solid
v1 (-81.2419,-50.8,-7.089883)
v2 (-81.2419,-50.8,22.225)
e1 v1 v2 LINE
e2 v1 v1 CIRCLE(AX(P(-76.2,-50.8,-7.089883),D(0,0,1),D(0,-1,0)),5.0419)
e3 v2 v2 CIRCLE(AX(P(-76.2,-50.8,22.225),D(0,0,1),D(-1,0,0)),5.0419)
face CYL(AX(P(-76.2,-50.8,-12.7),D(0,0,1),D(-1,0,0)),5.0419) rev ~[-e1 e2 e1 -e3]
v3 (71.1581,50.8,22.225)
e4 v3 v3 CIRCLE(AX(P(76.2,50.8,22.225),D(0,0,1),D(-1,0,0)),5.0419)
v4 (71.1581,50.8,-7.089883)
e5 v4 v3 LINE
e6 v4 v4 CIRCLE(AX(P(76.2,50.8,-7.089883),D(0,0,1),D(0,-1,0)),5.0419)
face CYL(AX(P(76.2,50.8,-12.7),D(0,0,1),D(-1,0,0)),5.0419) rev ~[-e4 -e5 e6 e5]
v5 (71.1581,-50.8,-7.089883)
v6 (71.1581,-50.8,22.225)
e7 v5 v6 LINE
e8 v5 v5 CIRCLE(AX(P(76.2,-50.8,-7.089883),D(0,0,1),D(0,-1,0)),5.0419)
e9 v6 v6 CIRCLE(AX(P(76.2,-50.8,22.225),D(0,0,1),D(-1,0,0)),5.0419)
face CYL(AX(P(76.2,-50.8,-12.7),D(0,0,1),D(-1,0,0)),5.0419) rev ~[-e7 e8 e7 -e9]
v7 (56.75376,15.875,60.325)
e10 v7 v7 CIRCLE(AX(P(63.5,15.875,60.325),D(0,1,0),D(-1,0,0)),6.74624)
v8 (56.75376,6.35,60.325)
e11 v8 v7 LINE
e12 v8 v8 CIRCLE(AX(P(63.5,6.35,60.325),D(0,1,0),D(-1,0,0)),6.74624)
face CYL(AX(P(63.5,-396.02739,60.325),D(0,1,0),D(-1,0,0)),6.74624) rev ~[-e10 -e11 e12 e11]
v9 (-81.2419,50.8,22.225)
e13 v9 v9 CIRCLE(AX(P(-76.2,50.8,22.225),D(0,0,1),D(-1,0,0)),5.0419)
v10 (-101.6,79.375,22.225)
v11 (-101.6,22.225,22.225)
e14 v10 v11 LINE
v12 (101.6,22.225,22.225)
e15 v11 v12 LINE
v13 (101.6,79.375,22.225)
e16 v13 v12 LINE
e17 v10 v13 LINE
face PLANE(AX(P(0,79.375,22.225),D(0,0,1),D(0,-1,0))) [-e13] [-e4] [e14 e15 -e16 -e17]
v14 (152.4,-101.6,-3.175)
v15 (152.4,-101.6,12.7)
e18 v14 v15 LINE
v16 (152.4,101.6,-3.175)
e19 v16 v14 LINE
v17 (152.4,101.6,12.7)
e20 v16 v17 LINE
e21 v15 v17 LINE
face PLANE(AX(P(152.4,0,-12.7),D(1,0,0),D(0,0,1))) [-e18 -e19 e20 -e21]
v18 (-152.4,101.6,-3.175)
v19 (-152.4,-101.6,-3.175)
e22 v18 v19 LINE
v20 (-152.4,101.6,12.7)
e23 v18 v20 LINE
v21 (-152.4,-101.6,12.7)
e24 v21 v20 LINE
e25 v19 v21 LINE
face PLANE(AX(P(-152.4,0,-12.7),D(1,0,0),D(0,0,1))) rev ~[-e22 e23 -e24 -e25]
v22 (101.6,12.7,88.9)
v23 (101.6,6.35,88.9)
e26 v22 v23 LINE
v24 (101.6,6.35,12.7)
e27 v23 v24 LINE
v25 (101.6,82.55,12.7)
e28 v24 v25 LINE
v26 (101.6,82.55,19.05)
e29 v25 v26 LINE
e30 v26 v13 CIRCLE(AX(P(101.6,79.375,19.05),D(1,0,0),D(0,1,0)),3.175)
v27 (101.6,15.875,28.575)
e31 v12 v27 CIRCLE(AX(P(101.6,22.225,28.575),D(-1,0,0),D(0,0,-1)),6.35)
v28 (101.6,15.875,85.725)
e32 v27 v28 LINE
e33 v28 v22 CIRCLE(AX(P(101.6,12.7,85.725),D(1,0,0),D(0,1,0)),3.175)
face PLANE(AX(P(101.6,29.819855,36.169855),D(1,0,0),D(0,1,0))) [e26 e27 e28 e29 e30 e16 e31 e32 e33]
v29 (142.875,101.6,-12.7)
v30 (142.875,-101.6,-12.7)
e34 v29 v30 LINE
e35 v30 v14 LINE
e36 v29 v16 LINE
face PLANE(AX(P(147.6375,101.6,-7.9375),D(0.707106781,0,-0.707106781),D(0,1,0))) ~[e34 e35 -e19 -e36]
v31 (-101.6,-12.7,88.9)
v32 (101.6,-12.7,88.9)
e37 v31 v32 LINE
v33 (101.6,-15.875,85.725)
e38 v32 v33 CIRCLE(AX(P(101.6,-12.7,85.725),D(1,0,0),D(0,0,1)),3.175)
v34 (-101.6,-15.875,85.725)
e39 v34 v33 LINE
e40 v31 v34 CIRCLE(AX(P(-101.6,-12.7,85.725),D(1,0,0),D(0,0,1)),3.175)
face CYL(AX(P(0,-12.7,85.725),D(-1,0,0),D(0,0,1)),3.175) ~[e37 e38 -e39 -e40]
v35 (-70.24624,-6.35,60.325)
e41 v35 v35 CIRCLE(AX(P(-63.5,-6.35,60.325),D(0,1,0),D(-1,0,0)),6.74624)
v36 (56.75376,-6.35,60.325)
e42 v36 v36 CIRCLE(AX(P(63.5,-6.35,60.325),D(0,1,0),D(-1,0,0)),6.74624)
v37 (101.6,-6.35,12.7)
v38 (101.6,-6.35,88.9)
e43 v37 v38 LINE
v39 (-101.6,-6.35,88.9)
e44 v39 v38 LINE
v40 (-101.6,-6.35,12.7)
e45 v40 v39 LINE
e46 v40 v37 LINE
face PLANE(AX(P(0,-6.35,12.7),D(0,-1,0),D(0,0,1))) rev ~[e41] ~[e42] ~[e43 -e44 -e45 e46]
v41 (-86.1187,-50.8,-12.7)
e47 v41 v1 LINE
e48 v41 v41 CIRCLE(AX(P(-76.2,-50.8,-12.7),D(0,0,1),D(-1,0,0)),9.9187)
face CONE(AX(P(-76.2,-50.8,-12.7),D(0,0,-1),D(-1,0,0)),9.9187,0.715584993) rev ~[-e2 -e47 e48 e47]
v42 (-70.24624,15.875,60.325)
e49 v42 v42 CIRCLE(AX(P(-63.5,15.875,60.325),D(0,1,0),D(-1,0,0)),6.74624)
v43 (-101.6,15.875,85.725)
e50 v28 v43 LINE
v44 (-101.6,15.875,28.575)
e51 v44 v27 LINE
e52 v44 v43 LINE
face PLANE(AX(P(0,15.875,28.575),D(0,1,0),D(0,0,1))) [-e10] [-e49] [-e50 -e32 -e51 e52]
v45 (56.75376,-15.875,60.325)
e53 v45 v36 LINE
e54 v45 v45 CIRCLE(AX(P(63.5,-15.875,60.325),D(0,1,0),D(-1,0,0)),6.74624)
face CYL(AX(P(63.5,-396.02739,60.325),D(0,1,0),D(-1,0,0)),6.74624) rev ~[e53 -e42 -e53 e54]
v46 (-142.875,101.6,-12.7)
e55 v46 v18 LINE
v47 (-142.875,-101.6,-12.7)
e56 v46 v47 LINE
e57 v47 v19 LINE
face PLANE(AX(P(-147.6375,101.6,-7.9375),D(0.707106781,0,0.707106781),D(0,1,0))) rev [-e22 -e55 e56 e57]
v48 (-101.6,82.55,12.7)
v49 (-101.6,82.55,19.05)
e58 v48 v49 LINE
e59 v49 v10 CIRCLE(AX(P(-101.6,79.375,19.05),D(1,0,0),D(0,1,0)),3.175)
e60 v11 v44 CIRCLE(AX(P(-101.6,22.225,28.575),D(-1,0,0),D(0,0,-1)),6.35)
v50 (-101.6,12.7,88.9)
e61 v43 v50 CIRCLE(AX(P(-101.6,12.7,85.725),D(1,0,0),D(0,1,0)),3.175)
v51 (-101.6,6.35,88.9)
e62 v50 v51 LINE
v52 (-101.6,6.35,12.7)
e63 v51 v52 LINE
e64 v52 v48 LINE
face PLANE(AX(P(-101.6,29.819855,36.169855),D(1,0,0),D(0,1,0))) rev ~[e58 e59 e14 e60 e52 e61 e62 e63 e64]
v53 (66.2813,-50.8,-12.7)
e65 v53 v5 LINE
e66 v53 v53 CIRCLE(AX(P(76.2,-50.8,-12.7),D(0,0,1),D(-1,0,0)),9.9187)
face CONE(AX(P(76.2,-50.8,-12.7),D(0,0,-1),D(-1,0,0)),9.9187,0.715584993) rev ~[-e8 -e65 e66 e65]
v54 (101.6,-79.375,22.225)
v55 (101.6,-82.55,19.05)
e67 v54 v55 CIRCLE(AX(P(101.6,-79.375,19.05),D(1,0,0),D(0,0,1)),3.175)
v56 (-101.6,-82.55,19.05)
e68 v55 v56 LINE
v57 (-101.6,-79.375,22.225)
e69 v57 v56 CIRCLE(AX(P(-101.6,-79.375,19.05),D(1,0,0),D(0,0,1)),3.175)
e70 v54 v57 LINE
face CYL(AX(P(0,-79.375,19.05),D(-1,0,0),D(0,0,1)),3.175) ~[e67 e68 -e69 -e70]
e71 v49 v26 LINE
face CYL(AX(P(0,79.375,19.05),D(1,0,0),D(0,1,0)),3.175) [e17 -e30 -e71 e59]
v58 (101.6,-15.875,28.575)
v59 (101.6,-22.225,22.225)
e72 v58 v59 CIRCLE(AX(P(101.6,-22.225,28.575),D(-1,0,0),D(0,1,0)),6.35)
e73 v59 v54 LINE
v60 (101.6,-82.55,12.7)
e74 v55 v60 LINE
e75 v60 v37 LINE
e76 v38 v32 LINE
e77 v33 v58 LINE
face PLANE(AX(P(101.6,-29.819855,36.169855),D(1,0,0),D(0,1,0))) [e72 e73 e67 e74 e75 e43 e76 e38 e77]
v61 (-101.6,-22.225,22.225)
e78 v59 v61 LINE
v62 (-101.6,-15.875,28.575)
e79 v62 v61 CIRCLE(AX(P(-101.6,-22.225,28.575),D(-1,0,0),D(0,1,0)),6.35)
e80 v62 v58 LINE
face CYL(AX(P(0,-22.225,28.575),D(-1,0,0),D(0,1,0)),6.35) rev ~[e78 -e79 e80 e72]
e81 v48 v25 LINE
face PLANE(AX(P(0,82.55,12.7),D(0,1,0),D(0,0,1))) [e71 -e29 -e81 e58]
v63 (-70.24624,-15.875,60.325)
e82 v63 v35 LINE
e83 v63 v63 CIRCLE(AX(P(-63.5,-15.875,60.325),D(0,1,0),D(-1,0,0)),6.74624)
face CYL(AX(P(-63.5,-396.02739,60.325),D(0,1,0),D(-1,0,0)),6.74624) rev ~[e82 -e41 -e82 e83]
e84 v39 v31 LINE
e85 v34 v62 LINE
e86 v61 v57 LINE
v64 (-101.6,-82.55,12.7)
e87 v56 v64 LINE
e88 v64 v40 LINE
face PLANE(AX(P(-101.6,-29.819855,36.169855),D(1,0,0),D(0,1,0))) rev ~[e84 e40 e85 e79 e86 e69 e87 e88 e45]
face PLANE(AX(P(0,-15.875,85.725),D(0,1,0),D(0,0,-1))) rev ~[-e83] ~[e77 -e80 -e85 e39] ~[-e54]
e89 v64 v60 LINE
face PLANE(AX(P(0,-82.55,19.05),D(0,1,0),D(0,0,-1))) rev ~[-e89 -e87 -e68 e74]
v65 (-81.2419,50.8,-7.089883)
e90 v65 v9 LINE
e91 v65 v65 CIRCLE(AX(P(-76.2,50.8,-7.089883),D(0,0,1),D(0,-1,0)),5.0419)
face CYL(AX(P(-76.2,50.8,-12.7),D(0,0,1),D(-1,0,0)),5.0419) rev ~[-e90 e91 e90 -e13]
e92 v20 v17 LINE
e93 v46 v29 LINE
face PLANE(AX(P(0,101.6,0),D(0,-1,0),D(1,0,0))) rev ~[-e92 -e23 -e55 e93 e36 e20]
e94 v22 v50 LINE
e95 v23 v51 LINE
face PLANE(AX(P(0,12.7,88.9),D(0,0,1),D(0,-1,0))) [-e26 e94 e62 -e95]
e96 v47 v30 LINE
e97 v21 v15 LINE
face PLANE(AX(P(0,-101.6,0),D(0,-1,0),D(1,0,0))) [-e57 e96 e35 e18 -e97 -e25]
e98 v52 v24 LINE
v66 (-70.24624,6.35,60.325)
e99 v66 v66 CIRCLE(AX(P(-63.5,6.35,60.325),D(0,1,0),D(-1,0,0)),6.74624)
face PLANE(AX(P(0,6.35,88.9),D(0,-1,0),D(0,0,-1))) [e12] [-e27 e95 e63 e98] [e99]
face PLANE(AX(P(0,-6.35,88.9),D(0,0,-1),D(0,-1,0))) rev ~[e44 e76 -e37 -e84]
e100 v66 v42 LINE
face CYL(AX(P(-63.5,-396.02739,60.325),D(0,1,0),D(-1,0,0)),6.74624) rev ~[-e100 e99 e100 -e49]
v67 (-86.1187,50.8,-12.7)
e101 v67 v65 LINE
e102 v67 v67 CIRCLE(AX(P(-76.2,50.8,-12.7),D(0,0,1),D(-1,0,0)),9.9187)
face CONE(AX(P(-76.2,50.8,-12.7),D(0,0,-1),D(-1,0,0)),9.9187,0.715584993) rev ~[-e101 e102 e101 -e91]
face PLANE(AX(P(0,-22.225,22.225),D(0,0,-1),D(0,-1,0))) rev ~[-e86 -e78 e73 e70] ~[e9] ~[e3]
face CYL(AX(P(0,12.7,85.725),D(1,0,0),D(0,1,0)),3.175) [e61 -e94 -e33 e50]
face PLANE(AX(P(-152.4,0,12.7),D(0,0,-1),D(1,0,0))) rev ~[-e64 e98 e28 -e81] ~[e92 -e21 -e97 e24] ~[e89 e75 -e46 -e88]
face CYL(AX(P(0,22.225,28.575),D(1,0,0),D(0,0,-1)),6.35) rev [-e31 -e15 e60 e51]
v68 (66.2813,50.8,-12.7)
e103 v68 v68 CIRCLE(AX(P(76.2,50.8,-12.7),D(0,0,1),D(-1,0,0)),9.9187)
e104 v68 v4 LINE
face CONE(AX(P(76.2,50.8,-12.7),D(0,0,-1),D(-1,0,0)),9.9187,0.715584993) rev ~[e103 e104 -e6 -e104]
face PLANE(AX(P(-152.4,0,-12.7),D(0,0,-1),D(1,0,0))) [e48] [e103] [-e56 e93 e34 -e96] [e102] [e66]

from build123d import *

# Parameters (mm, degrees)
F0_W           = 304.8
F0_H           = 25.4
F1_DEPTH       = 101.6
F3_DEPTH       = 101.6
F5_D           = 10.0838
F5_CSINK_D     = 19.8374
F5_CSINK_ANGLE = 82
F7_D           = 13.49248
F8_SIZE        = 9.525
F9_SIZE        = 9.525


with BuildPart() as f1:
    # F0 (on Front) → F1 (new body, symmetric)
    with BuildSketch(Plane.XZ):
        Rectangle(F0_W, F0_H)
    extrude(amount=F1_DEPTH, both=True)

    # F2 (on Right) → F3 (join, symmetric)
    with BuildSketch(Plane.YZ):
        with BuildLine():
            Line((-82.55, 19.05), (-82.55, 12.7))
            Line((-82.55, 12.7), (-6.35, 12.7))
            Line((-6.35, 12.7), (-6.35, 88.9))
            Line((-6.35, 88.9), (-12.7, 88.9))
            ThreePointArc((-12.7, 88.9), (-14.9450640303, 87.9700640303), (-15.875, 85.725))
            Line((-15.875, 85.725), (-15.875, 28.575))
            ThreePointArc((-15.875, 28.575), (-17.7348719395, 24.0848719395), (-22.225, 22.225))
            Line((-22.225, 22.225), (-79.375, 22.225))
            ThreePointArc((-79.375, 22.225), (-81.6200640303, 21.2950640303), (-82.55, 19.05))
        make_face()
        with BuildLine():
            Line((6.35, 88.9), (6.35, 12.7))
            Line((6.35, 12.7), (82.55, 12.7))
            Line((82.55, 12.7), (82.55, 19.05))
            ThreePointArc((82.55, 19.05), (81.6200640303, 21.2950640303), (79.375, 22.225))
            Line((79.375, 22.225), (22.225, 22.225))
            ThreePointArc((22.225, 22.225), (17.7348719395, 24.0848719395), (15.875, 28.575))
            Line((15.875, 28.575), (15.875, 85.725))
            ThreePointArc((15.875, 85.725), (14.9450640303, 87.9700640303), (12.7, 88.9))
            Line((12.7, 88.9), (6.35, 88.9))
        make_face()
    extrude(amount=F3_DEPTH, both=True)

    # F5 (through all)
    with Locations(Plane(origin=(0, 0, -12.7), x_dir=(1, 0, 0), z_dir=(0, 0, -1))):
        with Locations((-76.2, 50.8), (76.2, 50.8), (76.2, -50.8), (-76.2, -50.8)):
            CounterSinkHole(F5_D / 2, F5_CSINK_D / 2, counter_sink_angle=F5_CSINK_ANGLE)

    # F7 (through all)
    with Locations(Plane.XZ.offset(15.875)):
        with Locations((-63.5, 60.325), (63.5, 60.325)):
            Hole(F7_D / 2)

    # F8
    f8_edges = [f1.edges().sort_by_distance(p)[0] for p in [
        (152.4, 0, -12.7),
    ]]
    chamfer(f8_edges, length=F8_SIZE)

    # F9
    f9_edges = [f1.edges().sort_by_distance(p)[0] for p in [
        (-152.4, 0, -12.7),
    ]]
    chamfer(f9_edges, length=F9_SIZE)


solid = f1.part
